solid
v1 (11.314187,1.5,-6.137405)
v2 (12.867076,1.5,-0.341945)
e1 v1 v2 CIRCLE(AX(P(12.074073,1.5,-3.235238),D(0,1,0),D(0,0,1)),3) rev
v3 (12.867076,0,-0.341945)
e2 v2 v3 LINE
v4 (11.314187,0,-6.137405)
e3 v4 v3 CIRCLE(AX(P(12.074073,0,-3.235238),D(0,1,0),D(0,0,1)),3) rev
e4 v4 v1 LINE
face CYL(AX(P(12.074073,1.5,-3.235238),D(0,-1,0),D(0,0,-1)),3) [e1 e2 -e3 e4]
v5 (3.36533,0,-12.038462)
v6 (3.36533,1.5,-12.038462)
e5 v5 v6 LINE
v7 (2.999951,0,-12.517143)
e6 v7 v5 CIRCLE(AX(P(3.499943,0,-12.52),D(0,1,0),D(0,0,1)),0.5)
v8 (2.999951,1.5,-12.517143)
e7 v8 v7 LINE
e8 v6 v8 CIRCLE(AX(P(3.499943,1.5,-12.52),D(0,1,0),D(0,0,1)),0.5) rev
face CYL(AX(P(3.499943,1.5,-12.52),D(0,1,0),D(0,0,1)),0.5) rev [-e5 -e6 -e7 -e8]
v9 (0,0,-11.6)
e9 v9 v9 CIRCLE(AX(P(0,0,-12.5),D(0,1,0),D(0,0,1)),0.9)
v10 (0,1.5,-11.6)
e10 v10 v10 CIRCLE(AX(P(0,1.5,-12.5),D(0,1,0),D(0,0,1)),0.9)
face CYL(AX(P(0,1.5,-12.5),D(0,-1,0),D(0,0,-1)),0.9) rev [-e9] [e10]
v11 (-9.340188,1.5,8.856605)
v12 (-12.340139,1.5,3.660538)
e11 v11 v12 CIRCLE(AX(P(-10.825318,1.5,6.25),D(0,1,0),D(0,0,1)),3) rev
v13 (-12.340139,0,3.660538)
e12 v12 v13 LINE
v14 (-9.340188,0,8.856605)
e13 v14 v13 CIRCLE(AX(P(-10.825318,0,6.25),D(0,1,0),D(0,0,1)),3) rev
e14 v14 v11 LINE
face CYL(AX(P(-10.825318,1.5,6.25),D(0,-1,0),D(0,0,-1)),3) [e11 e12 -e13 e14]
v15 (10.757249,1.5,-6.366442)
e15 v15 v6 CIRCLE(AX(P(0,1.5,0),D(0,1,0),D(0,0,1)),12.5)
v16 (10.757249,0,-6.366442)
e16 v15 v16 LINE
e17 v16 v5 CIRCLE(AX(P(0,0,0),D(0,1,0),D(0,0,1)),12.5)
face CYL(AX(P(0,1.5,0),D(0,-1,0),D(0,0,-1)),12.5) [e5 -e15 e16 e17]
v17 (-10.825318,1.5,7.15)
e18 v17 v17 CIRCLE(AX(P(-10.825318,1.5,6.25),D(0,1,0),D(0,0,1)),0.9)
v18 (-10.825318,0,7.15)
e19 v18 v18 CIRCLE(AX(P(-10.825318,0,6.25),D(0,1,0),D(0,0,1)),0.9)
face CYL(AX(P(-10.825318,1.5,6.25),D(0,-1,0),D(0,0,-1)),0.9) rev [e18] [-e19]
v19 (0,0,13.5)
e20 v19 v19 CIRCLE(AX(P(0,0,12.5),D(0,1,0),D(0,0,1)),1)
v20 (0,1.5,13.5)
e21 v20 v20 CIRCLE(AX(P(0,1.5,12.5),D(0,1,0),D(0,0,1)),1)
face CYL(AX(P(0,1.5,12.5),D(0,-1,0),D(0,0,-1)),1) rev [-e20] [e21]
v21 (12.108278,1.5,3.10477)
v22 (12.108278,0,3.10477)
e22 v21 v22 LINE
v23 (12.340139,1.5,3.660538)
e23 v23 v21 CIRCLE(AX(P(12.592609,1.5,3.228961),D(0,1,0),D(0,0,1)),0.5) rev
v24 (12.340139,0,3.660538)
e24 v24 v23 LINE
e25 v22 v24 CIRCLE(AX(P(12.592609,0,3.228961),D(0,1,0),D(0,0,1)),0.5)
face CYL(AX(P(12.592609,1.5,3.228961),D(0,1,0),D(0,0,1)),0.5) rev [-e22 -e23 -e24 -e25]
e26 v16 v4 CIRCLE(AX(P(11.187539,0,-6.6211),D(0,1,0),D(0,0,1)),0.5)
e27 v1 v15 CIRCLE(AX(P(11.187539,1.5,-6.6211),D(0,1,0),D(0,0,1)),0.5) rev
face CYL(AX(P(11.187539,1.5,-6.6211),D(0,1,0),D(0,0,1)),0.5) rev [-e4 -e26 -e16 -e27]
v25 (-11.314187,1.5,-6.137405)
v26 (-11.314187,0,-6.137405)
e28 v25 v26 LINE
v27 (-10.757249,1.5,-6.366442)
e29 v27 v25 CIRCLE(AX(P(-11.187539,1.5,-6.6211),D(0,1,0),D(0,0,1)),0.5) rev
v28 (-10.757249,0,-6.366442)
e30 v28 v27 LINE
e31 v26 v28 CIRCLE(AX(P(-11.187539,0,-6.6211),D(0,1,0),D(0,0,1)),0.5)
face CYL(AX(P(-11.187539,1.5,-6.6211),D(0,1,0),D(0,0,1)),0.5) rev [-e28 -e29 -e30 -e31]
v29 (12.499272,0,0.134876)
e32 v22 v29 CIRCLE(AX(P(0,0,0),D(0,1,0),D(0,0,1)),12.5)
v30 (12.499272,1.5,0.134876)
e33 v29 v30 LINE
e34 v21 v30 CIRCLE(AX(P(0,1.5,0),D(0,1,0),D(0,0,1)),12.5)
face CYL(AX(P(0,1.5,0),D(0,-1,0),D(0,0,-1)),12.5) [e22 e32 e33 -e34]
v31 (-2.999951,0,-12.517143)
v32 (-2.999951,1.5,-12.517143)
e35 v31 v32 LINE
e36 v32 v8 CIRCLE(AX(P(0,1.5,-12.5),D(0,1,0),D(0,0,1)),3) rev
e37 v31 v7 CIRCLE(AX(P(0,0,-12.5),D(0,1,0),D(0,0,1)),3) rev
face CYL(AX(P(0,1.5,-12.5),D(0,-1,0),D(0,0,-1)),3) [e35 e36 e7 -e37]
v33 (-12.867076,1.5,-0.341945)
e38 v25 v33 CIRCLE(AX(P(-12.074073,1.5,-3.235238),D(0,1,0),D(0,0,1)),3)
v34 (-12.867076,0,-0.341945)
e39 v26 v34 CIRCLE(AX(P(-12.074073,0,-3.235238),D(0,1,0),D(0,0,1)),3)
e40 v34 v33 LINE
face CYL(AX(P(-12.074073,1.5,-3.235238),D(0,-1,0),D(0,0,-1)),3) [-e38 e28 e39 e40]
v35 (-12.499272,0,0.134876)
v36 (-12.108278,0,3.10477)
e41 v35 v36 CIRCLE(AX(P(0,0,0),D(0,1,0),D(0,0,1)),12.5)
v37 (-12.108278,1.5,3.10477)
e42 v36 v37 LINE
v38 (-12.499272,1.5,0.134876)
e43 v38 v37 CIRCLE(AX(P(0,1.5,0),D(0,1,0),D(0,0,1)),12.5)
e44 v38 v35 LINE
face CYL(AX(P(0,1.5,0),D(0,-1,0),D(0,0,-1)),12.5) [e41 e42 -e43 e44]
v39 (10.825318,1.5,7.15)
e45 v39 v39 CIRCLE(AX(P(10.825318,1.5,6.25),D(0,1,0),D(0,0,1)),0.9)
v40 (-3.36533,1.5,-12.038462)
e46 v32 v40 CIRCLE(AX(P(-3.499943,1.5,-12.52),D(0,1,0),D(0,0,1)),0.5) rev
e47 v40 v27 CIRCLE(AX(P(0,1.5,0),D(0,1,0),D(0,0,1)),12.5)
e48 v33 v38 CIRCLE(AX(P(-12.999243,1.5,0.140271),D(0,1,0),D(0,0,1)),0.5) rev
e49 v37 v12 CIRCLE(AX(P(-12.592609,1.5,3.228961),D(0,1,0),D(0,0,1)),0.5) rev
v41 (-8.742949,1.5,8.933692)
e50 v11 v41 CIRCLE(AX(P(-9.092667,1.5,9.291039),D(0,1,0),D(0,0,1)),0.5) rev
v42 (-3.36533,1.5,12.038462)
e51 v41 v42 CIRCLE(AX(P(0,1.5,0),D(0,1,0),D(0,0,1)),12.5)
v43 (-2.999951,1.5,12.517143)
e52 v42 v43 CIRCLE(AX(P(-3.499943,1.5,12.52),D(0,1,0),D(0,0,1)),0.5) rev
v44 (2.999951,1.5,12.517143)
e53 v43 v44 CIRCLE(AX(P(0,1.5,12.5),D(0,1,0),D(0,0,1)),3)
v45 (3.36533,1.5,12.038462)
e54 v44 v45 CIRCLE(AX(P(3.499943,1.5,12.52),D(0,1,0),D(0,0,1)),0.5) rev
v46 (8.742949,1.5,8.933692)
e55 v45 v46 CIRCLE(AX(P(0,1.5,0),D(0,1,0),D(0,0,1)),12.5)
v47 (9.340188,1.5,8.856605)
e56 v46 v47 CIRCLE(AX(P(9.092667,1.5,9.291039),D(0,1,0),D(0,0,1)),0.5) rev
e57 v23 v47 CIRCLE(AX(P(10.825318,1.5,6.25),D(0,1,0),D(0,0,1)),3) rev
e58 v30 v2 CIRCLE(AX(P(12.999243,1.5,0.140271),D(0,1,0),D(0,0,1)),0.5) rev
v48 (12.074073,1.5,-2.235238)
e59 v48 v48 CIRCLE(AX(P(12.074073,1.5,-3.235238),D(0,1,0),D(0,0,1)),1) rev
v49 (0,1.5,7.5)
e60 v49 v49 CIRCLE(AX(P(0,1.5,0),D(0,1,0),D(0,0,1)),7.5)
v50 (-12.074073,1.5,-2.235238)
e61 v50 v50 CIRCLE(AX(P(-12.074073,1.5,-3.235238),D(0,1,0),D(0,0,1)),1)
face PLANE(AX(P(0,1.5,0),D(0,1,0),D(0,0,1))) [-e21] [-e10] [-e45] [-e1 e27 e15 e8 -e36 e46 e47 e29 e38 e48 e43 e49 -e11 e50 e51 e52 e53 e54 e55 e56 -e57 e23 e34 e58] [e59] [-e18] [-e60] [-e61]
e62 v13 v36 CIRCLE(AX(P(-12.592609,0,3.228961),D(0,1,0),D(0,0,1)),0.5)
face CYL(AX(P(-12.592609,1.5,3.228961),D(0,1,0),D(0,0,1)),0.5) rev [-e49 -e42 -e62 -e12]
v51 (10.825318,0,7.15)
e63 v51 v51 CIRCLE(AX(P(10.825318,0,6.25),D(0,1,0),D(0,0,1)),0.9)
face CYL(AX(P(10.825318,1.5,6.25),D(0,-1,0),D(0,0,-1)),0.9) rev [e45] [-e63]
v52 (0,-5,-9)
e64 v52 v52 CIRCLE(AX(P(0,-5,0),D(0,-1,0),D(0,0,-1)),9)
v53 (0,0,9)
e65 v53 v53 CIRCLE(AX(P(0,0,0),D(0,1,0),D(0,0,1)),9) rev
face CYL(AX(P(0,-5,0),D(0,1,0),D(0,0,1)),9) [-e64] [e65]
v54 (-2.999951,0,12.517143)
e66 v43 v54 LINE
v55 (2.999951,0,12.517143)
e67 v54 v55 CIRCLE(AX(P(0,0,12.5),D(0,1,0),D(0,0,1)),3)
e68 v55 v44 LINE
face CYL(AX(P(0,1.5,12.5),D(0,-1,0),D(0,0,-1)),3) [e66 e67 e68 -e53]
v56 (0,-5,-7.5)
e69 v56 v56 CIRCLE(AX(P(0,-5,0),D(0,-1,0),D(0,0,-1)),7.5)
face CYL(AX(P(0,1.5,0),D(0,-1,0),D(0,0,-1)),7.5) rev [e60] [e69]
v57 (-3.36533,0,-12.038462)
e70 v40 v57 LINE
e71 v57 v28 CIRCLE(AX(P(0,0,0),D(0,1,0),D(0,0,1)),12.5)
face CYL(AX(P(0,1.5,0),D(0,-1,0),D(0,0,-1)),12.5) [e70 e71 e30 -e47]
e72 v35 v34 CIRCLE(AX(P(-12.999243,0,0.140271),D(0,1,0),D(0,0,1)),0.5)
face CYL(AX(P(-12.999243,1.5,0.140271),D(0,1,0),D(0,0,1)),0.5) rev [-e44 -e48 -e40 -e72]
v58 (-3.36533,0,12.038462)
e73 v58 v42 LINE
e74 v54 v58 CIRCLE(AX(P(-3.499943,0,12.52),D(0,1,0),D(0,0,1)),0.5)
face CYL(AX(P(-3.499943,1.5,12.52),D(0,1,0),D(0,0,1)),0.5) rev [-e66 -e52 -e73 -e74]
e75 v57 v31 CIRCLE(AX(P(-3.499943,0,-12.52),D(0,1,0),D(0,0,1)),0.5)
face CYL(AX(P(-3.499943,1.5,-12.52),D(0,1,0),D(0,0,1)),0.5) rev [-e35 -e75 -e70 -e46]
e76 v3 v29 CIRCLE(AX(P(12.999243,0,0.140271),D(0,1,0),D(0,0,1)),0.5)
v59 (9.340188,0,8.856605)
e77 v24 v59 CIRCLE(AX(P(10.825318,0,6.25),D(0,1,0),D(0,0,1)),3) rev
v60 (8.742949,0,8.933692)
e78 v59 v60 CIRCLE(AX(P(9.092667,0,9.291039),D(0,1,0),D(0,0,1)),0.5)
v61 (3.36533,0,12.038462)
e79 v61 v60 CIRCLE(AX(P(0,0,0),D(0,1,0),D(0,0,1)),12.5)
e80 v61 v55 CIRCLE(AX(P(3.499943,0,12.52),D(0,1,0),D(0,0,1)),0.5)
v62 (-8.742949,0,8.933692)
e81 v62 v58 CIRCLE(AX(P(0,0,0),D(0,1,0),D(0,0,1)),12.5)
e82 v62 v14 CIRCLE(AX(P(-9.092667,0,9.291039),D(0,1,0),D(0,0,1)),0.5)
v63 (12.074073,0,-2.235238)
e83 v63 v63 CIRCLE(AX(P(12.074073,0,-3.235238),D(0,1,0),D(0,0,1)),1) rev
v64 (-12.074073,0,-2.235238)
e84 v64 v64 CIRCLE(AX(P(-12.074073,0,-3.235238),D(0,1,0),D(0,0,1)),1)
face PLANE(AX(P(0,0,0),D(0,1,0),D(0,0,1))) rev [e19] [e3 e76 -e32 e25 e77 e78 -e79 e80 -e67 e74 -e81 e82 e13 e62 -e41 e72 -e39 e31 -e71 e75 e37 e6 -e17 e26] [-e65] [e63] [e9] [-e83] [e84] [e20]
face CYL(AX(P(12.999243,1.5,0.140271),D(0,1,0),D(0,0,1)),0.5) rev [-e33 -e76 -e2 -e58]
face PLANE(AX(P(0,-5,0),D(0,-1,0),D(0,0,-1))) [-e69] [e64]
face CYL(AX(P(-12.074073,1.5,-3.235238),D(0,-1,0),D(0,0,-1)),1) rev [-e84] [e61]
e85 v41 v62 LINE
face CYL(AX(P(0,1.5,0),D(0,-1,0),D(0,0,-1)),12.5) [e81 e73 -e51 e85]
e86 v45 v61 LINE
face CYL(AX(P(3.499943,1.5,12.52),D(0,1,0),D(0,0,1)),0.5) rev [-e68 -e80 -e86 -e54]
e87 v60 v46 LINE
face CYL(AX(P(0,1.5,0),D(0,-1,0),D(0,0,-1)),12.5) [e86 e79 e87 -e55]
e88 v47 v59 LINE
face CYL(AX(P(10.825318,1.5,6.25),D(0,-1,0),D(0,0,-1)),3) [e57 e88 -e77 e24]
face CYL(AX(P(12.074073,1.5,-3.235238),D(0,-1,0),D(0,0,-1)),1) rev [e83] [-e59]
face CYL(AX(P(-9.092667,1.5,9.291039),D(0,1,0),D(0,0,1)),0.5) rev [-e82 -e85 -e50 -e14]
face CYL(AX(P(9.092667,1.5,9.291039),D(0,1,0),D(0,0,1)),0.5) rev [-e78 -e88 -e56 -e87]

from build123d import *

# Parameters (mm, degrees)
BOSS_EXTRUDE1_DEPTH = 1.5
FILLET1_R           = 0.5
BOSS_EXTRUDE2_START = 5
SKETCH2_R           = 9
SKETCH2_R_2         = 7.5
BOSS_EXTRUDE2_DEPTH = 5


with BuildPart() as part:
    # Sketch1 → Boss-Extrude1 (new body)
    with BuildSketch(Plane(origin=(0, 0, 0), x_dir=(1, 0, 0), z_dir=(0, 1, 0))):
        with BuildLine():
            ThreePointArc((0.899416611, 12.4676), (1.956802124, 12.345886985), (3, 12.1346611))
            Line((3, 12.1346611), (3, 12.5))
            ThreePointArc((3, 12.5), (0, 15.5), (-3, 12.5))
            Line((-3, 12.5), (-3, 12.1346611))
            ThreePointArc((-3, 12.1346611), (-1.956802124, 12.345886985), (-0.899416611, 12.4676))
            ThreePointArc((-0.899416611, 12.4676), (-0.016202626, 13.399854141), (0.9, 12.5))
            ThreePointArc((0.9, 12.5), (0.899854141, 12.483797374), (0.899416611, 12.4676))
        make_face()
        with BuildLine():
            ThreePointArc((-3, 6.873863542), (0, 7.5), (3, 6.873863542))
            Line((3, 6.873863542), (3, 12.1346611))
            ThreePointArc((3, 12.1346611), (1.956802124, 12.345886985), (0.899416611, 12.4676))
            ThreePointArc((0.899416611, 12.4676), (0, 11.6), (-0.899416611, 12.4676))
            ThreePointArc((-0.899416611, 12.4676), (-1.956802124, 12.345886985), (-3, 12.1346611))
            Line((-3, 12.1346611), (-3, 6.873863542))
        make_face()
        with BuildLine():
            Line((3, 12.1346611), (3, 6.873863542))
            ThreePointArc((3, 6.873863542), (4.565710718, 5.950150052), (5.863185187, 4.676864277))
            Line((5.863185187, 4.676864277), (10.944725414, 6.038458877))
            ThreePointArc((10.944725414, 6.038458877), (7.609517863, 9.916916754), (3, 12.1346611))
        make_face()
        with BuildLine():
            ThreePointArc((7.5, 0), (7.48822587, -0.420087268), (7.45294045, -0.83885556))
            Line((7.45294045, -0.83885556), (7.772310826, -1.023244132))
            Line((7.772310826, -1.023244132), (12.497639685, 0.24290392))
            ThreePointArc((12.497639685, 0.24290392), (12.43679381, 1.255451998), (12.294047703, 2.259732526))
            ThreePointArc((12.294047703, 2.259732526), (11.108147002, 2.976419019), (11.776823889, 4.190038078))
            ThreePointArc((11.776823889, 4.190038078), (11.39830538, 5.131143582), (10.944725414, 6.038458877))
            Line((10.944725414, 6.038458877), (5.863185187, 4.676864277))
            ThreePointArc((5.863185187, 4.676864277), (7.078979054, 2.477509949), (7.5, 0))
        make_face()
        with BuildLine():
            ThreePointArc((12.294047703, 2.259732526), (12.43679381, 1.255451998), (12.497639685, 0.24290392))
            Line((12.497639685, 0.24290392), (12.850529964, 0.337460585))
            ThreePointArc((12.850529964, 0.337460585), (14.971850307, 4.011695199), (11.297615693, 6.133015543))
            Line((11.297615693, 6.133015543), (10.944725414, 6.038458877))
            ThreePointArc((10.944725414, 6.038458877), (11.39830538, 5.131143582), (11.776823889, 4.190038078))
            ThreePointArc((11.776823889, 4.190038078), (12.666842202, 4.040610319), (13.074072829, 3.235238064))
            ThreePointArc((13.074072829, 3.235238064), (12.855089754, 2.610728206), (12.294047703, 2.259732526))
        make_face()
        with BuildLine():
            Line((12.497639685, 0.24290392), (7.772310826, -1.023244132))
            Line((7.772310826, -1.023244132), (12.008924778, -3.469254338))
            ThreePointArc((12.008924778, -3.469254338), (12.376622312, -1.751918986), (12.5, 0))
            ThreePointArc((12.5, 0), (12.499409907, 0.121457693), (12.497639685, 0.24290392))
        make_face()
        with BuildLine():
            ThreePointArc((7.45294045, -0.83885556), (7.43583646, -0.978946442), (7.416099457, -1.118690681))
            Line((7.416099457, -1.118690681), (7.772310826, -1.023244132))
            Line((7.772310826, -1.023244132), (7.45294045, -0.83885556))
        make_face()
        with BuildLine():
            Line((7.772310826, -1.023244132), (7.416099457, -1.118690681))
            ThreePointArc((7.416099457, -1.118690681), (6.42347811, -3.871553818), (4.45294045, -6.035007983))
            Line((4.45294045, -6.035007983), (9.008924778, -8.665406761))
            ThreePointArc((9.008924778, -8.665406761), (9.713450699, -7.867583842), (10.347550019, -7.012717634))
            ThreePointArc((10.347550019, -7.012717634), (10.045894684, -5.8), (11.24696663, -5.454882366))
            ThreePointArc((11.24696663, -5.454882366), (11.670252823, -4.478303143), (12.008924778, -3.469254338))
            Line((12.008924778, -3.469254338), (7.772310826, -1.023244132))
        make_face()
        with BuildLine():
            ThreePointArc((10.347550019, -7.012717634), (9.713450699, -7.867583842), (9.008924778, -8.665406761))
            Line((9.008924778, -8.665406761), (9.325317547, -8.848076211))
            ThreePointArc((9.325317547, -8.848076211), (13.423393759, -7.75), (12.325317547, -3.651923789))
            Line((12.325317547, -3.651923789), (12.008924778, -3.469254338))
            ThreePointArc((12.008924778, -3.469254338), (11.670252823, -4.478303143), (11.24696663, -5.454882366))
            ThreePointArc((11.24696663, -5.454882366), (11.59651278, -5.786041044), (11.725317547, -6.25))
            ThreePointArc((11.725317547, -6.25), (11.261212732, -7.037397859), (10.347550019, -7.012717634))
        make_face()
        with BuildLine():
            ThreePointArc((4.45294045, -6.035007983), (3.75, -6.495190528), (3, -6.873863542))
            Line((3, -6.873863542), (3, -12.1346611))
            ThreePointArc((3, -12.1346611), (6.25, -10.825317547), (9.008924778, -8.665406761))
            Line((9.008924778, -8.665406761), (4.45294045, -6.035007983))
        make_face()
        with BuildLine():
            Line((3, -12.1346611), (3, -6.873863542))
            ThreePointArc((3, -6.873863542), (0, -7.5), (-3, -6.873863542))
            Line((-3, -6.873863542), (-3, -12.1346611))
            ThreePointArc((-3, -12.1346611), (-2.00620559, -12.337955225), (-0.99919968, -12.46))
            ThreePointArc((-0.99919968, -12.46), (0, -11.5), (0.99919968, -12.46))
            ThreePointArc((0.99919968, -12.46), (2.00620559, -12.337955225), (3, -12.1346611))
        make_face()
        with BuildLine():
            Line((3, -12.5), (3, -12.1346611))
            ThreePointArc((3, -12.1346611), (2.00620559, -12.337955225), (0.99919968, -12.46))
            ThreePointArc((0.99919968, -12.46), (0.9997999, -12.479995997), (1, -12.5))
            ThreePointArc((1, -12.5), (-0.020004003, -13.4997999), (-0.99919968, -12.46))
            ThreePointArc((-0.99919968, -12.46), (-2.00620559, -12.337955225), (-3, -12.1346611))
            Line((-3, -12.1346611), (-3, -12.5))
            ThreePointArc((-3, -12.5), (0, -15.5), (3, -12.5))
        make_face()
        with BuildLine():
            Line((-3, -12.1346611), (-3, -6.873863542))
            ThreePointArc((-3, -6.873863542), (-3.75, -6.495190528), (-4.45294045, -6.035007983))
            Line((-4.45294045, -6.035007983), (-9.008924778, -8.665406761))
            ThreePointArc((-9.008924778, -8.665406761), (-6.25, -10.825317547), (-3, -12.1346611))
        make_face()
        with BuildLine():
            Line((-9.008924778, -8.665406761), (-4.45294045, -6.035007983))
            ThreePointArc((-4.45294045, -6.035007983), (-6.42347811, -3.871553818), (-7.416099457, -1.118690681))
            Line((-7.416099457, -1.118690681), (-7.772310826, -1.023244132))
            Line((-7.772310826, -1.023244132), (-12.008924778, -3.469254338))
            ThreePointArc((-12.008924778, -3.469254338), (-11.670252823, -4.478303143), (-11.24696663, -5.454882366))
            ThreePointArc((-11.24696663, -5.454882366), (-10.361358591, -5.478804767), (-9.925317547, -6.25))
            ThreePointArc((-9.925317547, -6.25), (-10.037919689, -6.685895185), (-10.347550019, -7.012717634))
            ThreePointArc((-10.347550019, -7.012717634), (-9.713450699, -7.867583842), (-9.008924778, -8.665406761))
        make_face()
        with BuildLine():
            Line((-9.325317547, -8.848076211), (-9.008924778, -8.665406761))
            ThreePointArc((-9.008924778, -8.665406761), (-9.713450699, -7.867583842), (-10.347550019, -7.012717634))
            ThreePointArc((-10.347550019, -7.012717634), (-11.604740411, -6.7), (-11.24696663, -5.454882366))
            ThreePointArc((-11.24696663, -5.454882366), (-11.670252823, -4.478303143), (-12.008924778, -3.469254338))
            Line((-12.008924778, -3.469254338), (-12.325317547, -3.651923789))
            ThreePointArc((-12.325317547, -3.651923789), (-13.423393759, -7.75), (-9.325317547, -8.848076211))
        make_face()
        with BuildLine():
            Line((-7.772310826, -1.023244132), (-7.416099457, -1.118690681))
            ThreePointArc((-7.416099457, -1.118690681), (-7.43583646, -0.978946442), (-7.45294045, -0.83885556))
            Line((-7.45294045, -0.83885556), (-7.772310826, -1.023244132))
        make_face()
        with BuildLine():
            Line((-12.008924778, -3.469254338), (-7.772310826, -1.023244132))
            Line((-7.772310826, -1.023244132), (-12.497639685, 0.24290392))
            ThreePointArc((-12.497639685, 0.24290392), (-12.393060767, -1.631577403), (-12.008924778, -3.469254338))
        make_face()
        with BuildLine():
            ThreePointArc((-7.45294045, -0.83885556), (-7.206635264, 2.07711535), (-5.863185187, 4.676864277))
            Line((-5.863185187, 4.676864277), (-10.944725414, 6.038458877))
            ThreePointArc((-10.944725414, 6.038458877), (-11.39830538, 5.131143582), (-11.776823889, 4.190038078))
            ThreePointArc((-11.776823889, 4.190038078), (-11.268700573, 3.828007437), (-11.074072829, 3.235238064))
            ThreePointArc((-11.074072829, 3.235238064), (-11.44956297, 2.454221139), (-12.294047703, 2.259732526))
            ThreePointArc((-12.294047703, 2.259732526), (-12.43679381, 1.255451998), (-12.497639685, 0.24290392))
            Line((-12.497639685, 0.24290392), (-7.772310826, -1.023244132))
            Line((-7.772310826, -1.023244132), (-7.45294045, -0.83885556))
        make_face()
        with BuildLine():
            ThreePointArc((-11.776823889, 4.190038078), (-11.39830538, 5.131143582), (-10.944725414, 6.038458877))
            Line((-10.944725414, 6.038458877), (-11.297615693, 6.133015543))
            ThreePointArc((-11.297615693, 6.133015543), (-14.971850307, 4.011695199), (-12.850529964, 0.337460585))
            Line((-12.850529964, 0.337460585), (-12.497639685, 0.24290392))
            ThreePointArc((-12.497639685, 0.24290392), (-12.43679381, 1.255451998), (-12.294047703, 2.259732526))
            ThreePointArc((-12.294047703, 2.259732526), (-13.039998655, 3.494057109), (-11.776823889, 4.190038078))
        make_face()
        with BuildLine():
            ThreePointArc((-5.863185187, 4.676864277), (-4.565710718, 5.950150052), (-3, 6.873863542))
            Line((-3, 6.873863542), (-3, 12.1346611))
            ThreePointArc((-3, 12.1346611), (-7.609517863, 9.916916754), (-10.944725414, 6.038458877))
            Line((-10.944725414, 6.038458877), (-5.863185187, 4.676864277))
        make_face()
    extrude(amount=BOSS_EXTRUDE1_DEPTH)

    # Fillet1
    fillet1_edges = [part.edges().sort_by_distance(p)[0] for p in [
        (-3, 0.75, 12.1346611),
        (3, 0.75, 12.1346611),
        (9.008924778, 0.75, 8.665406761),
        (12.008924778, 0.75, 3.469254338),
        (12.497639685, 0.75, -0.24290392),
        (10.944725414, 0.75, -6.038458877),
        (3, 0.75, -12.1346611),
        (-3, 0.75, -12.1346611),
        (-10.944725414, 0.75, -6.038458877),
        (-12.497639685, 0.75, -0.24290392),
        (-12.008924778, 0.75, 3.469254338),
        (-9.008924778, 0.75, 8.665406761),
    ]]
    fillet(fillet1_edges, radius=FILLET1_R)

    # Sketch2 → Boss-Extrude2 (add)
    with BuildSketch(Plane.XZ.offset(BOSS_EXTRUDE2_START)):
        with Locations(Location((0, 0, 0), (0, 0, 90))):
            Circle(SKETCH2_R)
        with Locations(Location((0, 0, 0), (0, 0, 270))):
            Circle(SKETCH2_R_2, mode=Mode.SUBTRACT)
    extrude(amount=-BOSS_EXTRUDE2_DEPTH)


solid = part.part
